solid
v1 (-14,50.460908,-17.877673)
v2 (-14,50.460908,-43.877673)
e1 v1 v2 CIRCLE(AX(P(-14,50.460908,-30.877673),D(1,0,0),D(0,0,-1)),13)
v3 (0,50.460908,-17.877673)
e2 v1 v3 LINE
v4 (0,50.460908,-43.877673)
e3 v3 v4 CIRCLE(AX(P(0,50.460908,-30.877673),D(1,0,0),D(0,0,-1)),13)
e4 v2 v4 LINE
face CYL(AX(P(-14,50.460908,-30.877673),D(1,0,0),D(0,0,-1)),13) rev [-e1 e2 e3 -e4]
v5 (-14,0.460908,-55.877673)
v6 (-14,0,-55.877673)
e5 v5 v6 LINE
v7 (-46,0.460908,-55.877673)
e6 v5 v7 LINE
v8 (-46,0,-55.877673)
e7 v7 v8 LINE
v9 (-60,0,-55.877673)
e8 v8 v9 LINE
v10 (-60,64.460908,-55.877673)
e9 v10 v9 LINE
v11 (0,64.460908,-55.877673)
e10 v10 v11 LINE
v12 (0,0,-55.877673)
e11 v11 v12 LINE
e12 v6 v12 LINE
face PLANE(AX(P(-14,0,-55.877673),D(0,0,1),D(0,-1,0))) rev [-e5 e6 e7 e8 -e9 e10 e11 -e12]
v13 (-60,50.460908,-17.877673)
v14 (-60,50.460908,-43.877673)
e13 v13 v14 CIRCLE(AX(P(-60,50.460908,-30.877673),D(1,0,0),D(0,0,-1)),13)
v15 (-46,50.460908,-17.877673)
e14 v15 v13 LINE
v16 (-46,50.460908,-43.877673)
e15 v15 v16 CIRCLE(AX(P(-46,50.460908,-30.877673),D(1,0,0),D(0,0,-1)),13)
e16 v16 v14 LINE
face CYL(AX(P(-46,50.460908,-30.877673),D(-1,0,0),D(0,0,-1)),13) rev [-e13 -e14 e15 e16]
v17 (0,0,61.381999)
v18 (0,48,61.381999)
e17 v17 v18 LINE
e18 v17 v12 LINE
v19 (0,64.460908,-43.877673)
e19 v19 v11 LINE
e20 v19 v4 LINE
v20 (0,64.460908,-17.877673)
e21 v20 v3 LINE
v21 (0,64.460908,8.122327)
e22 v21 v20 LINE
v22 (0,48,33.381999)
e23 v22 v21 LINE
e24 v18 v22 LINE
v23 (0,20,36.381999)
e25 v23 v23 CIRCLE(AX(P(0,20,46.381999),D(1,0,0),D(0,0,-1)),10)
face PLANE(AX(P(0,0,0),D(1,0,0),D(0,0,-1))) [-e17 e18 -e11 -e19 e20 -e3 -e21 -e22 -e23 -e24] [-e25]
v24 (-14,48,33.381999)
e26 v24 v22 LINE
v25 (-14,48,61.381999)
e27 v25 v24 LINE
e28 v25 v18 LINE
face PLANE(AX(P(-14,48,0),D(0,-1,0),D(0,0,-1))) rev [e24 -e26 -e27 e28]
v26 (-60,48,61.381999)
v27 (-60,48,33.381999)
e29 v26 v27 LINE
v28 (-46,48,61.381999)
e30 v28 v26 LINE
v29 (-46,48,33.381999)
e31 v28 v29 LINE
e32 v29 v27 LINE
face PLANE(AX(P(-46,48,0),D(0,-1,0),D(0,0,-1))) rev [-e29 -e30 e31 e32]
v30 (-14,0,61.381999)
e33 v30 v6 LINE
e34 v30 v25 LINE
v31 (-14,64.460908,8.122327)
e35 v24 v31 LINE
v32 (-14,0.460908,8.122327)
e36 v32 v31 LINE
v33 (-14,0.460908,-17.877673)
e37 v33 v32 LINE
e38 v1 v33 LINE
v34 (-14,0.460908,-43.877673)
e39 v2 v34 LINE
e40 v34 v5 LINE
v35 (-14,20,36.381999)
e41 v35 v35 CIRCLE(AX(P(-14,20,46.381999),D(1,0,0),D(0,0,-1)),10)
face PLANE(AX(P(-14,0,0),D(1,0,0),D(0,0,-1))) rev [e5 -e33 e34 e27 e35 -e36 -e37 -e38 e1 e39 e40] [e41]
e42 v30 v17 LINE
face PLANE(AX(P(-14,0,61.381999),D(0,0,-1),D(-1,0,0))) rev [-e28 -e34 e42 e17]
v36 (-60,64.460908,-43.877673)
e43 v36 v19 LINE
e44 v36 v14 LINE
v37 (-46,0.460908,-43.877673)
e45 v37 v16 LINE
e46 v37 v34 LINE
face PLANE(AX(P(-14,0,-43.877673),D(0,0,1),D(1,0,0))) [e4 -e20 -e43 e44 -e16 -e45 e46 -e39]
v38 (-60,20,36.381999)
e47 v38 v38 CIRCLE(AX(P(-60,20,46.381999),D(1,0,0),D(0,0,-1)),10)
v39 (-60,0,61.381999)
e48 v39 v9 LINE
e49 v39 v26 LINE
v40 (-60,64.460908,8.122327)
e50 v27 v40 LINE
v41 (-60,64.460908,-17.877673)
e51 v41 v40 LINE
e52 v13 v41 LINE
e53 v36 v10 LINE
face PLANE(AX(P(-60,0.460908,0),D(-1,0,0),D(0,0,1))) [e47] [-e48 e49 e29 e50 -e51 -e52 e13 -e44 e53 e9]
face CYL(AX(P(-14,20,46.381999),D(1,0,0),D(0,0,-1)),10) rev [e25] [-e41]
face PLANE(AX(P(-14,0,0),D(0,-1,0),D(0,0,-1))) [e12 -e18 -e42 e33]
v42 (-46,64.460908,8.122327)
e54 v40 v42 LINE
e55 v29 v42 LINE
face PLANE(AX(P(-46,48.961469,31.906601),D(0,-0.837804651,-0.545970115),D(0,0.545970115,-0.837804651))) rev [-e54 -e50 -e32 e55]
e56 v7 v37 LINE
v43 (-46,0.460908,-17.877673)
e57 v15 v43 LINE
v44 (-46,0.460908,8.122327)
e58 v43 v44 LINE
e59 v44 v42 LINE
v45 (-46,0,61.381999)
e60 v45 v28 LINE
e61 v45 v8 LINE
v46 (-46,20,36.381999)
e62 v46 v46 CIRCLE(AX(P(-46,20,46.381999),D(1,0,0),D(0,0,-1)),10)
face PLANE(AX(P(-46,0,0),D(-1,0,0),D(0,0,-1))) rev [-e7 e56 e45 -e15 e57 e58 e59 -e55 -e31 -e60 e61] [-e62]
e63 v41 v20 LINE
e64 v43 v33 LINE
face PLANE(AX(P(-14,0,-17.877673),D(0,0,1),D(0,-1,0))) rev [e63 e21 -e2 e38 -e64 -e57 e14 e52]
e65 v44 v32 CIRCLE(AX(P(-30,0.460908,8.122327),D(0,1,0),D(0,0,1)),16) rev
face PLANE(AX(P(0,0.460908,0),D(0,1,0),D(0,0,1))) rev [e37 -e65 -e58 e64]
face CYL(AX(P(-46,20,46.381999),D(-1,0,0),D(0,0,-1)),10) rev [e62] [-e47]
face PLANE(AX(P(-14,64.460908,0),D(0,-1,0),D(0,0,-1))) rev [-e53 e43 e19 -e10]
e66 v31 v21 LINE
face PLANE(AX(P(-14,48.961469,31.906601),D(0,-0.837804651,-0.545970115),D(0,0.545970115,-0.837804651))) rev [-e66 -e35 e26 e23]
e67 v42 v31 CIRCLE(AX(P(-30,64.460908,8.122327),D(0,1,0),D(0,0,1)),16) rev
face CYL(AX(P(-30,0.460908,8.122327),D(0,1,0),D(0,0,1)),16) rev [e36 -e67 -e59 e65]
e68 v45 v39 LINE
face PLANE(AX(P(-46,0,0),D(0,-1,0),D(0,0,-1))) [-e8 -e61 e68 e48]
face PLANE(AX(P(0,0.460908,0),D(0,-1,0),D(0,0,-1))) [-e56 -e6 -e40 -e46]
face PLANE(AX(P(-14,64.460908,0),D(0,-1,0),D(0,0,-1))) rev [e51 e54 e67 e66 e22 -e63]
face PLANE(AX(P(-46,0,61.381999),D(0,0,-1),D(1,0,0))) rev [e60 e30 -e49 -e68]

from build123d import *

# Parameters (mm, degrees)
SKETCH1_R           = 10
BOSS_EXTRUDE1_DEPTH = 14
BOSS_EXTRUDE2_DEPTH = 64
SKETCH4_W           = 60
SKETCH4_H           = 12
BOSS_EXTRUDE4_DEPTH = 64


with BuildPart() as part:
    # Sketch1 → Boss-Extrude1 (new body)
    with BuildSketch(Plane(origin=(0, 0, 0), x_dir=(0, 0, -1), z_dir=(1, 0, 0))):
        with BuildLine():
            ThreePointArc((17.877672838, 50.460908485), (30.877672838, 37.460908485), (43.877672838, 50.460908485))
            Line((43.877672838, 50.460908485), (43.877672838, 64.460908485))
            Line((43.877672838, 64.460908485), (55.877672838, 64.460908485))
            Line((55.877672838, 64.460908485), (55.877672838, 0))
            Line((55.877672838, 0), (-61.381998564, 0))
            Line((-61.381998564, 0), (-61.381998564, 48))
            Line((-61.381998564, 48), (-33.381998564, 48))
            Line((-33.381998564, 48), (-8.122327162, 64.460908485))
            Line((-8.122327162, 64.460908485), (17.877672838, 64.460908485))
            Line((17.877672838, 64.460908485), (17.877672838, 50.460908485))
        make_face()
        with Locations((-46.381998564, 20)):
            Circle(SKETCH1_R, mode=Mode.SUBTRACT)
    extrude(amount=-BOSS_EXTRUDE1_DEPTH)


with BuildPart() as body_2:
    # Mirror4: mirrored copy
    add(part.part.mirror(Plane.ZY.offset(30)))


with BuildPart() as part_1:
    add(part.part)

    add(body_2.part)  # Boss-Extrude2 merges body 2
    # Sketch2 → Boss-Extrude2 (add)
    with BuildSketch(Plane(origin=(0, 64.460908485, 0), x_dir=(1, 0, 0), z_dir=(0, 1, 0))):
        with BuildLine():
            Line((-14, 17.877672838), (-46, 17.877672838))
            Line((-46, 17.877672838), (-60, 17.877672838))
            Line((-60, 17.877672838), (-60, -8.122327162))
            Line((-60, -8.122327162), (-46, -8.122327162))
            ThreePointArc((-46, -8.122327162), (-30, 7.877672838), (-14, -8.122327162))
            Line((-14, -8.122327162), (0, -8.122327162))
            Line((0, -8.122327162), (0, 17.877672838))
            Line((0, 17.877672838), (-14, 17.877672838))
        make_face()
    extrude(amount=-BOSS_EXTRUDE2_DEPTH)

    # Sketch4 → Boss-Extrude4 (add)
    with BuildSketch(Plane(origin=(0, 64.460908485, 0), x_dir=(1, 0, 0), z_dir=(0, 1, 0))):
        with Locations((-30, 49.877672838)):
            Rectangle(SKETCH4_W, SKETCH4_H)
    extrude(amount=-BOSS_EXTRUDE4_DEPTH)


solid = part_1.part
